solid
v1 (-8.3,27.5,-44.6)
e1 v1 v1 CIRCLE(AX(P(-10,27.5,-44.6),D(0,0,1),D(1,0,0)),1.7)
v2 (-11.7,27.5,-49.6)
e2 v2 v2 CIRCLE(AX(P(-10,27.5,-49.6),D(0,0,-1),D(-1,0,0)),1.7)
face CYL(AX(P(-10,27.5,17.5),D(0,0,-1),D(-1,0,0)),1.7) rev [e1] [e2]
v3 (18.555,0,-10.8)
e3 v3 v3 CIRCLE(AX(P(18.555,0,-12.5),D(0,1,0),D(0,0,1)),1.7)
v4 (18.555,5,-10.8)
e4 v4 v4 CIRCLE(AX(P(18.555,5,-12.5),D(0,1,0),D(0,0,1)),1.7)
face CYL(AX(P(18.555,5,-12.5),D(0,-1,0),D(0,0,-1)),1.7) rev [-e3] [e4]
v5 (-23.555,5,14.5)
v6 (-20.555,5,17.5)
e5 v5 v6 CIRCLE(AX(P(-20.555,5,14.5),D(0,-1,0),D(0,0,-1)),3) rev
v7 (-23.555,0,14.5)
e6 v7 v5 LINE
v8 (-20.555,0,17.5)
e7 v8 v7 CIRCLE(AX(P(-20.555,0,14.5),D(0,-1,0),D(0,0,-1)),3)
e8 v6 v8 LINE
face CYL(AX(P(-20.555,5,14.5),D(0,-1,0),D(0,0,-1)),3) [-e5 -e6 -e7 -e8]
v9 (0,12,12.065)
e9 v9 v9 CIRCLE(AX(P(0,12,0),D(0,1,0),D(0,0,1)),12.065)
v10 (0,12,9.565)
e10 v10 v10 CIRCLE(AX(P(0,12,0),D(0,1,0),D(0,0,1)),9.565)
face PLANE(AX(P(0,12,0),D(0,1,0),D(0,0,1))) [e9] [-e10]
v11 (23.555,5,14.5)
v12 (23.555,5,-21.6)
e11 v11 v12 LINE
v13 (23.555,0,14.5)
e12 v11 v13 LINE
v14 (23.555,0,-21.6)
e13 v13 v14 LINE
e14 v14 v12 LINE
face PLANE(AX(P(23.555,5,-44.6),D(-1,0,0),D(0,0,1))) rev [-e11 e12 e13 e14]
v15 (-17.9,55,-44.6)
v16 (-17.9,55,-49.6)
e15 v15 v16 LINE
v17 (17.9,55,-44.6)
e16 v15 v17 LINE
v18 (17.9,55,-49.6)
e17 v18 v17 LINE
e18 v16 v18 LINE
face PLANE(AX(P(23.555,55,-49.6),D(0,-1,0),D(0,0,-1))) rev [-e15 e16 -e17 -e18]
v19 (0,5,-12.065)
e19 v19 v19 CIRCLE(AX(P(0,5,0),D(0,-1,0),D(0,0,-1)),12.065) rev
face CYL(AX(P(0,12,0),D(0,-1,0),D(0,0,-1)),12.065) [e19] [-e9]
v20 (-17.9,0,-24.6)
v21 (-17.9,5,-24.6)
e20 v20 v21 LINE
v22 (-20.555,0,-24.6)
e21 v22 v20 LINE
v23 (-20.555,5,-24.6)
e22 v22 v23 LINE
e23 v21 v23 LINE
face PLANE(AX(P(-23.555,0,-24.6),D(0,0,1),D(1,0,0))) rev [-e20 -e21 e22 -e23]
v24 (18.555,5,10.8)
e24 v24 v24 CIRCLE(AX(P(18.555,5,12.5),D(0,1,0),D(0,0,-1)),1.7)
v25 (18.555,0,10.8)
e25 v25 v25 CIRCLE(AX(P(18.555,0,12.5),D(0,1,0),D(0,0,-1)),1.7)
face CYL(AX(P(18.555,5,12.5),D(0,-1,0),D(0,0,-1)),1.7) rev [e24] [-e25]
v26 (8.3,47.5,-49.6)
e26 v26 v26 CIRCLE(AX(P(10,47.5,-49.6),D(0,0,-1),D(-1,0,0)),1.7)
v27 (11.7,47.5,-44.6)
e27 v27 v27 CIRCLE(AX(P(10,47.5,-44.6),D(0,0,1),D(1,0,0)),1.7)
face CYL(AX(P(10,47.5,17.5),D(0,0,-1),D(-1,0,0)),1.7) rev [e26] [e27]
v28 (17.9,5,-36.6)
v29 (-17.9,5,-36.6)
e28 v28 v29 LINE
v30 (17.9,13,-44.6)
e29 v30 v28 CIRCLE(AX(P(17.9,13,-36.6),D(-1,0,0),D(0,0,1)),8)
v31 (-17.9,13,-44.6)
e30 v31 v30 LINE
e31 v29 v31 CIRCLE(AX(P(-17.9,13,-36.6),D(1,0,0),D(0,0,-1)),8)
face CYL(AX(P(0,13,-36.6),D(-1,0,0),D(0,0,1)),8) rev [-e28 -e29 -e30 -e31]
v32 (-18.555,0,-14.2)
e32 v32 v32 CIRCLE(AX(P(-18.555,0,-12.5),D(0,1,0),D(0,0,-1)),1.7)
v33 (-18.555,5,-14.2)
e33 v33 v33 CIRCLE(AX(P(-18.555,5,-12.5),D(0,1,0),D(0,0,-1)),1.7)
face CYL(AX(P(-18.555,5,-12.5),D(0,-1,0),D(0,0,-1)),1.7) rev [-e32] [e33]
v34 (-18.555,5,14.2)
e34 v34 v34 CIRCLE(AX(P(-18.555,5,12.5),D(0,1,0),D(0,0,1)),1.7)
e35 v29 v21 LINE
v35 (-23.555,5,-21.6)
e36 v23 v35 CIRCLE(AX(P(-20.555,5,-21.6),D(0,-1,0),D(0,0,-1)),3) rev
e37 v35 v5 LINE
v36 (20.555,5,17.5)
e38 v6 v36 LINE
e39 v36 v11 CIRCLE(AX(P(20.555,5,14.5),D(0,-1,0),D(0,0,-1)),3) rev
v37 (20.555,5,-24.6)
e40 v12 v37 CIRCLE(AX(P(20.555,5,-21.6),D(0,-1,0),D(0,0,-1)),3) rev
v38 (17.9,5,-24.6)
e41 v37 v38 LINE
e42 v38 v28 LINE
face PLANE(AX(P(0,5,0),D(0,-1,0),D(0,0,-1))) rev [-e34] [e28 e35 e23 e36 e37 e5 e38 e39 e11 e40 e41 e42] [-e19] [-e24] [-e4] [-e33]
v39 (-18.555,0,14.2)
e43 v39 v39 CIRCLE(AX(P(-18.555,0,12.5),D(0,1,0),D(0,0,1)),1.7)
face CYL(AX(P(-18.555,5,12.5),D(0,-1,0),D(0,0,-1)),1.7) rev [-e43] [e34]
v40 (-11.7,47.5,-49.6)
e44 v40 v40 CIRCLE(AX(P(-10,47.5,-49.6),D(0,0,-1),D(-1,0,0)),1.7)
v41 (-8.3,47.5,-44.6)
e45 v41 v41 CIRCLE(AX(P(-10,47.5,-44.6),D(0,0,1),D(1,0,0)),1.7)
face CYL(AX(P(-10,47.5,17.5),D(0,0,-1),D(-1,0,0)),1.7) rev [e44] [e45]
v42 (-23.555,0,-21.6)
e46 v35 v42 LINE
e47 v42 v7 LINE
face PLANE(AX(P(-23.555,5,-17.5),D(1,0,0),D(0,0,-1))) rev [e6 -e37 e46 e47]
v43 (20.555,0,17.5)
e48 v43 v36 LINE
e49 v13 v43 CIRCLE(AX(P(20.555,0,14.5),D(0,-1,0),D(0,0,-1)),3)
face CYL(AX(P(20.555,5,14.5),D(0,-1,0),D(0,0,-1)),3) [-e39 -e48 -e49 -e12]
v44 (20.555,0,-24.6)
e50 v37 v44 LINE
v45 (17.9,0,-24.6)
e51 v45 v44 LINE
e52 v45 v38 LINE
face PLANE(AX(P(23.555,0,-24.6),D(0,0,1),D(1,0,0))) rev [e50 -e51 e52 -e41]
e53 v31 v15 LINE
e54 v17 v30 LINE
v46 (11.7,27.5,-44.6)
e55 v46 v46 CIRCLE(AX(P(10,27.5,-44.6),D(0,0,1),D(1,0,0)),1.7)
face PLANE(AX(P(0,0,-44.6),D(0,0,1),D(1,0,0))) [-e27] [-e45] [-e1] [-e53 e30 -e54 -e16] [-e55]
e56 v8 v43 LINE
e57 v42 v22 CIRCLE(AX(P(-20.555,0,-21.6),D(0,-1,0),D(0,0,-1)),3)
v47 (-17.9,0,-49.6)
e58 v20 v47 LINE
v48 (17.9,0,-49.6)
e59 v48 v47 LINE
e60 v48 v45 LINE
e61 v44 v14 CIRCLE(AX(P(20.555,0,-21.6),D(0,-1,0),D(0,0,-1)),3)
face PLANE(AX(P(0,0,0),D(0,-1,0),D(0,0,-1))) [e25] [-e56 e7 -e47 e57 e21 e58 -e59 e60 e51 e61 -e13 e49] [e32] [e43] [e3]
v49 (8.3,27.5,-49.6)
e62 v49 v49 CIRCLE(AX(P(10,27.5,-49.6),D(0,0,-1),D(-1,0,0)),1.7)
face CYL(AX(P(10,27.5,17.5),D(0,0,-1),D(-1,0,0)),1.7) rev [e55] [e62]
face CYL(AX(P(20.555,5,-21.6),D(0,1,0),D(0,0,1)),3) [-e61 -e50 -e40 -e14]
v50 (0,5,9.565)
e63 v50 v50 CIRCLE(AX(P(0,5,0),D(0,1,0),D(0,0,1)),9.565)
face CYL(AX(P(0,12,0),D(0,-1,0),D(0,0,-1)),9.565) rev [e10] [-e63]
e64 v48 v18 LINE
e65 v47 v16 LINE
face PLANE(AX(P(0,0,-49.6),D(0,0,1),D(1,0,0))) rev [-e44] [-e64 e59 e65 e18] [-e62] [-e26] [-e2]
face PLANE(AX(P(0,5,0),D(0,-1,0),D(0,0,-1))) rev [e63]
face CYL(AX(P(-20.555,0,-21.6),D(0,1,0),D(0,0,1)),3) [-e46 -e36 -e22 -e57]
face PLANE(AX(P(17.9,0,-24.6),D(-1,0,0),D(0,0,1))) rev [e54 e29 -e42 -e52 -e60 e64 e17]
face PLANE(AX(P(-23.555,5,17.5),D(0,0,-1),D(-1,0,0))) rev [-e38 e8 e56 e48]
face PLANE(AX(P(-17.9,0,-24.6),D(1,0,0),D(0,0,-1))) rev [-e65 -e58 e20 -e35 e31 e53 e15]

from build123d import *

# Parameters (mm, degrees)
SKETCH1_R           = 1.7
BOSS_EXTRUDE1_DEPTH = 5
SKETCH2_R           = 12.065
SKETCH2_R_2         = 9.565
BOSS_EXTRUDE2_DEPTH = 7
SKETCH3_W           = 47.11
SKETCH3_H           = 55
BOSS_EXTRUDE3_DEPTH = 5
SKETCH4_R           = 1.7
CUT_EXTRUDE1_DEPTH  = 90.901323822
SKETCH5_W           = 5.655
SKETCH5_H           = 25
CUT_EXTRUDE2_DEPTH  = 78.717424205
FILLET3_R           = 3
FILLET4_R           = 8


with BuildPart() as part:
    # Sketch1 → Boss-Extrude1 (new body)
    with BuildSketch(Plane(origin=(0, 0, 0), x_dir=(1, 0, 0), z_dir=(0, 1, 0))):
        Polygon((-23.555, 17.5), (-23.555, -17.5), (23.555, -17.5), (23.555, 17.5), (23.555, 44.6), (-23.555, 44.6), align=None)
        with Locations(Location((-18.555, -12.5, 0), (0, 0, 270))):
            Circle(SKETCH1_R, mode=Mode.SUBTRACT)
        with Locations(Location((-18.555, 12.5, 0), (0, 0, 90))):
            Circle(SKETCH1_R, mode=Mode.SUBTRACT)
        with Locations(Location((18.555, -12.5, 0), (0, 0, 90))):
            Circle(SKETCH1_R, mode=Mode.SUBTRACT)
        with Locations(Location((18.555, 12.5, 0), (0, 0, 270))):
            Circle(SKETCH1_R, mode=Mode.SUBTRACT)
    extrude(amount=BOSS_EXTRUDE1_DEPTH)

    # Sketch2 → Boss-Extrude2 (add)
    with BuildSketch(Plane(origin=(0, 5, 0), x_dir=(1, 0, 0), z_dir=(0, 1, 0))):
        with Locations(Location((0, 0, 0), (0, 0, 90))):
            Circle(SKETCH2_R)
        with Locations(Location((0, 0, 0), (0, 0, 270))):
            Circle(SKETCH2_R_2, mode=Mode.SUBTRACT)
    extrude(amount=BOSS_EXTRUDE2_DEPTH)

    # Sketch3 → Boss-Extrude3 (add)
    with BuildSketch(Plane(origin=(0, 0, -44.6), x_dir=(-1, 0, 0), z_dir=(0, 0, -1))):
        with Locations((0, 27.5)):
            Rectangle(SKETCH3_W, SKETCH3_H)
    extrude(amount=BOSS_EXTRUDE3_DEPTH)

    # Sketch4 → Cut-Extrude1 (cut, through all)
    with BuildSketch(Plane(origin=(0, 0, -49.6), x_dir=(-1, 0, 0), z_dir=(0, 0, -1))):
        with Locations((-10, 47.5)):
            Circle(SKETCH4_R)
        with Locations((-10, 27.5)):
            Circle(SKETCH4_R)
        with Locations((10, 27.5)):
            Circle(SKETCH4_R)
        with Locations((10, 47.5)):
            Circle(SKETCH4_R)
    extrude(amount=-CUT_EXTRUDE1_DEPTH, mode=Mode.SUBTRACT)

    # Sketch5 → Cut-Extrude2 (cut, through all)
    with BuildSketch(Plane(origin=(0, 55, 0), x_dir=(1, 0, 0), z_dir=(0, 1, 0))):
        with Locations((-20.7275, 37.1)):
            Rectangle(SKETCH5_W, SKETCH5_H)
        with Locations((20.7275, 37.1)):
            Rectangle(SKETCH5_W, SKETCH5_H)
    extrude(amount=-CUT_EXTRUDE2_DEPTH, mode=Mode.SUBTRACT)

    # Fillet3
    fillet3_edges = [part.edges().sort_by_distance(p)[0] for p in [
        (23.555, 2.5, -24.6),
        (23.555, 2.5, 17.5),
        (-23.555, 2.5, 17.5),
        (-23.555, 2.5, -24.6),
    ]]
    fillet(fillet3_edges, radius=FILLET3_R)

    # Fillet4
    fillet4_edges = [part.edges().sort_by_distance(p)[0] for p in [
        (0, 5, -44.6),
    ]]
    fillet(fillet4_edges, radius=FILLET4_R)


solid = part.part
